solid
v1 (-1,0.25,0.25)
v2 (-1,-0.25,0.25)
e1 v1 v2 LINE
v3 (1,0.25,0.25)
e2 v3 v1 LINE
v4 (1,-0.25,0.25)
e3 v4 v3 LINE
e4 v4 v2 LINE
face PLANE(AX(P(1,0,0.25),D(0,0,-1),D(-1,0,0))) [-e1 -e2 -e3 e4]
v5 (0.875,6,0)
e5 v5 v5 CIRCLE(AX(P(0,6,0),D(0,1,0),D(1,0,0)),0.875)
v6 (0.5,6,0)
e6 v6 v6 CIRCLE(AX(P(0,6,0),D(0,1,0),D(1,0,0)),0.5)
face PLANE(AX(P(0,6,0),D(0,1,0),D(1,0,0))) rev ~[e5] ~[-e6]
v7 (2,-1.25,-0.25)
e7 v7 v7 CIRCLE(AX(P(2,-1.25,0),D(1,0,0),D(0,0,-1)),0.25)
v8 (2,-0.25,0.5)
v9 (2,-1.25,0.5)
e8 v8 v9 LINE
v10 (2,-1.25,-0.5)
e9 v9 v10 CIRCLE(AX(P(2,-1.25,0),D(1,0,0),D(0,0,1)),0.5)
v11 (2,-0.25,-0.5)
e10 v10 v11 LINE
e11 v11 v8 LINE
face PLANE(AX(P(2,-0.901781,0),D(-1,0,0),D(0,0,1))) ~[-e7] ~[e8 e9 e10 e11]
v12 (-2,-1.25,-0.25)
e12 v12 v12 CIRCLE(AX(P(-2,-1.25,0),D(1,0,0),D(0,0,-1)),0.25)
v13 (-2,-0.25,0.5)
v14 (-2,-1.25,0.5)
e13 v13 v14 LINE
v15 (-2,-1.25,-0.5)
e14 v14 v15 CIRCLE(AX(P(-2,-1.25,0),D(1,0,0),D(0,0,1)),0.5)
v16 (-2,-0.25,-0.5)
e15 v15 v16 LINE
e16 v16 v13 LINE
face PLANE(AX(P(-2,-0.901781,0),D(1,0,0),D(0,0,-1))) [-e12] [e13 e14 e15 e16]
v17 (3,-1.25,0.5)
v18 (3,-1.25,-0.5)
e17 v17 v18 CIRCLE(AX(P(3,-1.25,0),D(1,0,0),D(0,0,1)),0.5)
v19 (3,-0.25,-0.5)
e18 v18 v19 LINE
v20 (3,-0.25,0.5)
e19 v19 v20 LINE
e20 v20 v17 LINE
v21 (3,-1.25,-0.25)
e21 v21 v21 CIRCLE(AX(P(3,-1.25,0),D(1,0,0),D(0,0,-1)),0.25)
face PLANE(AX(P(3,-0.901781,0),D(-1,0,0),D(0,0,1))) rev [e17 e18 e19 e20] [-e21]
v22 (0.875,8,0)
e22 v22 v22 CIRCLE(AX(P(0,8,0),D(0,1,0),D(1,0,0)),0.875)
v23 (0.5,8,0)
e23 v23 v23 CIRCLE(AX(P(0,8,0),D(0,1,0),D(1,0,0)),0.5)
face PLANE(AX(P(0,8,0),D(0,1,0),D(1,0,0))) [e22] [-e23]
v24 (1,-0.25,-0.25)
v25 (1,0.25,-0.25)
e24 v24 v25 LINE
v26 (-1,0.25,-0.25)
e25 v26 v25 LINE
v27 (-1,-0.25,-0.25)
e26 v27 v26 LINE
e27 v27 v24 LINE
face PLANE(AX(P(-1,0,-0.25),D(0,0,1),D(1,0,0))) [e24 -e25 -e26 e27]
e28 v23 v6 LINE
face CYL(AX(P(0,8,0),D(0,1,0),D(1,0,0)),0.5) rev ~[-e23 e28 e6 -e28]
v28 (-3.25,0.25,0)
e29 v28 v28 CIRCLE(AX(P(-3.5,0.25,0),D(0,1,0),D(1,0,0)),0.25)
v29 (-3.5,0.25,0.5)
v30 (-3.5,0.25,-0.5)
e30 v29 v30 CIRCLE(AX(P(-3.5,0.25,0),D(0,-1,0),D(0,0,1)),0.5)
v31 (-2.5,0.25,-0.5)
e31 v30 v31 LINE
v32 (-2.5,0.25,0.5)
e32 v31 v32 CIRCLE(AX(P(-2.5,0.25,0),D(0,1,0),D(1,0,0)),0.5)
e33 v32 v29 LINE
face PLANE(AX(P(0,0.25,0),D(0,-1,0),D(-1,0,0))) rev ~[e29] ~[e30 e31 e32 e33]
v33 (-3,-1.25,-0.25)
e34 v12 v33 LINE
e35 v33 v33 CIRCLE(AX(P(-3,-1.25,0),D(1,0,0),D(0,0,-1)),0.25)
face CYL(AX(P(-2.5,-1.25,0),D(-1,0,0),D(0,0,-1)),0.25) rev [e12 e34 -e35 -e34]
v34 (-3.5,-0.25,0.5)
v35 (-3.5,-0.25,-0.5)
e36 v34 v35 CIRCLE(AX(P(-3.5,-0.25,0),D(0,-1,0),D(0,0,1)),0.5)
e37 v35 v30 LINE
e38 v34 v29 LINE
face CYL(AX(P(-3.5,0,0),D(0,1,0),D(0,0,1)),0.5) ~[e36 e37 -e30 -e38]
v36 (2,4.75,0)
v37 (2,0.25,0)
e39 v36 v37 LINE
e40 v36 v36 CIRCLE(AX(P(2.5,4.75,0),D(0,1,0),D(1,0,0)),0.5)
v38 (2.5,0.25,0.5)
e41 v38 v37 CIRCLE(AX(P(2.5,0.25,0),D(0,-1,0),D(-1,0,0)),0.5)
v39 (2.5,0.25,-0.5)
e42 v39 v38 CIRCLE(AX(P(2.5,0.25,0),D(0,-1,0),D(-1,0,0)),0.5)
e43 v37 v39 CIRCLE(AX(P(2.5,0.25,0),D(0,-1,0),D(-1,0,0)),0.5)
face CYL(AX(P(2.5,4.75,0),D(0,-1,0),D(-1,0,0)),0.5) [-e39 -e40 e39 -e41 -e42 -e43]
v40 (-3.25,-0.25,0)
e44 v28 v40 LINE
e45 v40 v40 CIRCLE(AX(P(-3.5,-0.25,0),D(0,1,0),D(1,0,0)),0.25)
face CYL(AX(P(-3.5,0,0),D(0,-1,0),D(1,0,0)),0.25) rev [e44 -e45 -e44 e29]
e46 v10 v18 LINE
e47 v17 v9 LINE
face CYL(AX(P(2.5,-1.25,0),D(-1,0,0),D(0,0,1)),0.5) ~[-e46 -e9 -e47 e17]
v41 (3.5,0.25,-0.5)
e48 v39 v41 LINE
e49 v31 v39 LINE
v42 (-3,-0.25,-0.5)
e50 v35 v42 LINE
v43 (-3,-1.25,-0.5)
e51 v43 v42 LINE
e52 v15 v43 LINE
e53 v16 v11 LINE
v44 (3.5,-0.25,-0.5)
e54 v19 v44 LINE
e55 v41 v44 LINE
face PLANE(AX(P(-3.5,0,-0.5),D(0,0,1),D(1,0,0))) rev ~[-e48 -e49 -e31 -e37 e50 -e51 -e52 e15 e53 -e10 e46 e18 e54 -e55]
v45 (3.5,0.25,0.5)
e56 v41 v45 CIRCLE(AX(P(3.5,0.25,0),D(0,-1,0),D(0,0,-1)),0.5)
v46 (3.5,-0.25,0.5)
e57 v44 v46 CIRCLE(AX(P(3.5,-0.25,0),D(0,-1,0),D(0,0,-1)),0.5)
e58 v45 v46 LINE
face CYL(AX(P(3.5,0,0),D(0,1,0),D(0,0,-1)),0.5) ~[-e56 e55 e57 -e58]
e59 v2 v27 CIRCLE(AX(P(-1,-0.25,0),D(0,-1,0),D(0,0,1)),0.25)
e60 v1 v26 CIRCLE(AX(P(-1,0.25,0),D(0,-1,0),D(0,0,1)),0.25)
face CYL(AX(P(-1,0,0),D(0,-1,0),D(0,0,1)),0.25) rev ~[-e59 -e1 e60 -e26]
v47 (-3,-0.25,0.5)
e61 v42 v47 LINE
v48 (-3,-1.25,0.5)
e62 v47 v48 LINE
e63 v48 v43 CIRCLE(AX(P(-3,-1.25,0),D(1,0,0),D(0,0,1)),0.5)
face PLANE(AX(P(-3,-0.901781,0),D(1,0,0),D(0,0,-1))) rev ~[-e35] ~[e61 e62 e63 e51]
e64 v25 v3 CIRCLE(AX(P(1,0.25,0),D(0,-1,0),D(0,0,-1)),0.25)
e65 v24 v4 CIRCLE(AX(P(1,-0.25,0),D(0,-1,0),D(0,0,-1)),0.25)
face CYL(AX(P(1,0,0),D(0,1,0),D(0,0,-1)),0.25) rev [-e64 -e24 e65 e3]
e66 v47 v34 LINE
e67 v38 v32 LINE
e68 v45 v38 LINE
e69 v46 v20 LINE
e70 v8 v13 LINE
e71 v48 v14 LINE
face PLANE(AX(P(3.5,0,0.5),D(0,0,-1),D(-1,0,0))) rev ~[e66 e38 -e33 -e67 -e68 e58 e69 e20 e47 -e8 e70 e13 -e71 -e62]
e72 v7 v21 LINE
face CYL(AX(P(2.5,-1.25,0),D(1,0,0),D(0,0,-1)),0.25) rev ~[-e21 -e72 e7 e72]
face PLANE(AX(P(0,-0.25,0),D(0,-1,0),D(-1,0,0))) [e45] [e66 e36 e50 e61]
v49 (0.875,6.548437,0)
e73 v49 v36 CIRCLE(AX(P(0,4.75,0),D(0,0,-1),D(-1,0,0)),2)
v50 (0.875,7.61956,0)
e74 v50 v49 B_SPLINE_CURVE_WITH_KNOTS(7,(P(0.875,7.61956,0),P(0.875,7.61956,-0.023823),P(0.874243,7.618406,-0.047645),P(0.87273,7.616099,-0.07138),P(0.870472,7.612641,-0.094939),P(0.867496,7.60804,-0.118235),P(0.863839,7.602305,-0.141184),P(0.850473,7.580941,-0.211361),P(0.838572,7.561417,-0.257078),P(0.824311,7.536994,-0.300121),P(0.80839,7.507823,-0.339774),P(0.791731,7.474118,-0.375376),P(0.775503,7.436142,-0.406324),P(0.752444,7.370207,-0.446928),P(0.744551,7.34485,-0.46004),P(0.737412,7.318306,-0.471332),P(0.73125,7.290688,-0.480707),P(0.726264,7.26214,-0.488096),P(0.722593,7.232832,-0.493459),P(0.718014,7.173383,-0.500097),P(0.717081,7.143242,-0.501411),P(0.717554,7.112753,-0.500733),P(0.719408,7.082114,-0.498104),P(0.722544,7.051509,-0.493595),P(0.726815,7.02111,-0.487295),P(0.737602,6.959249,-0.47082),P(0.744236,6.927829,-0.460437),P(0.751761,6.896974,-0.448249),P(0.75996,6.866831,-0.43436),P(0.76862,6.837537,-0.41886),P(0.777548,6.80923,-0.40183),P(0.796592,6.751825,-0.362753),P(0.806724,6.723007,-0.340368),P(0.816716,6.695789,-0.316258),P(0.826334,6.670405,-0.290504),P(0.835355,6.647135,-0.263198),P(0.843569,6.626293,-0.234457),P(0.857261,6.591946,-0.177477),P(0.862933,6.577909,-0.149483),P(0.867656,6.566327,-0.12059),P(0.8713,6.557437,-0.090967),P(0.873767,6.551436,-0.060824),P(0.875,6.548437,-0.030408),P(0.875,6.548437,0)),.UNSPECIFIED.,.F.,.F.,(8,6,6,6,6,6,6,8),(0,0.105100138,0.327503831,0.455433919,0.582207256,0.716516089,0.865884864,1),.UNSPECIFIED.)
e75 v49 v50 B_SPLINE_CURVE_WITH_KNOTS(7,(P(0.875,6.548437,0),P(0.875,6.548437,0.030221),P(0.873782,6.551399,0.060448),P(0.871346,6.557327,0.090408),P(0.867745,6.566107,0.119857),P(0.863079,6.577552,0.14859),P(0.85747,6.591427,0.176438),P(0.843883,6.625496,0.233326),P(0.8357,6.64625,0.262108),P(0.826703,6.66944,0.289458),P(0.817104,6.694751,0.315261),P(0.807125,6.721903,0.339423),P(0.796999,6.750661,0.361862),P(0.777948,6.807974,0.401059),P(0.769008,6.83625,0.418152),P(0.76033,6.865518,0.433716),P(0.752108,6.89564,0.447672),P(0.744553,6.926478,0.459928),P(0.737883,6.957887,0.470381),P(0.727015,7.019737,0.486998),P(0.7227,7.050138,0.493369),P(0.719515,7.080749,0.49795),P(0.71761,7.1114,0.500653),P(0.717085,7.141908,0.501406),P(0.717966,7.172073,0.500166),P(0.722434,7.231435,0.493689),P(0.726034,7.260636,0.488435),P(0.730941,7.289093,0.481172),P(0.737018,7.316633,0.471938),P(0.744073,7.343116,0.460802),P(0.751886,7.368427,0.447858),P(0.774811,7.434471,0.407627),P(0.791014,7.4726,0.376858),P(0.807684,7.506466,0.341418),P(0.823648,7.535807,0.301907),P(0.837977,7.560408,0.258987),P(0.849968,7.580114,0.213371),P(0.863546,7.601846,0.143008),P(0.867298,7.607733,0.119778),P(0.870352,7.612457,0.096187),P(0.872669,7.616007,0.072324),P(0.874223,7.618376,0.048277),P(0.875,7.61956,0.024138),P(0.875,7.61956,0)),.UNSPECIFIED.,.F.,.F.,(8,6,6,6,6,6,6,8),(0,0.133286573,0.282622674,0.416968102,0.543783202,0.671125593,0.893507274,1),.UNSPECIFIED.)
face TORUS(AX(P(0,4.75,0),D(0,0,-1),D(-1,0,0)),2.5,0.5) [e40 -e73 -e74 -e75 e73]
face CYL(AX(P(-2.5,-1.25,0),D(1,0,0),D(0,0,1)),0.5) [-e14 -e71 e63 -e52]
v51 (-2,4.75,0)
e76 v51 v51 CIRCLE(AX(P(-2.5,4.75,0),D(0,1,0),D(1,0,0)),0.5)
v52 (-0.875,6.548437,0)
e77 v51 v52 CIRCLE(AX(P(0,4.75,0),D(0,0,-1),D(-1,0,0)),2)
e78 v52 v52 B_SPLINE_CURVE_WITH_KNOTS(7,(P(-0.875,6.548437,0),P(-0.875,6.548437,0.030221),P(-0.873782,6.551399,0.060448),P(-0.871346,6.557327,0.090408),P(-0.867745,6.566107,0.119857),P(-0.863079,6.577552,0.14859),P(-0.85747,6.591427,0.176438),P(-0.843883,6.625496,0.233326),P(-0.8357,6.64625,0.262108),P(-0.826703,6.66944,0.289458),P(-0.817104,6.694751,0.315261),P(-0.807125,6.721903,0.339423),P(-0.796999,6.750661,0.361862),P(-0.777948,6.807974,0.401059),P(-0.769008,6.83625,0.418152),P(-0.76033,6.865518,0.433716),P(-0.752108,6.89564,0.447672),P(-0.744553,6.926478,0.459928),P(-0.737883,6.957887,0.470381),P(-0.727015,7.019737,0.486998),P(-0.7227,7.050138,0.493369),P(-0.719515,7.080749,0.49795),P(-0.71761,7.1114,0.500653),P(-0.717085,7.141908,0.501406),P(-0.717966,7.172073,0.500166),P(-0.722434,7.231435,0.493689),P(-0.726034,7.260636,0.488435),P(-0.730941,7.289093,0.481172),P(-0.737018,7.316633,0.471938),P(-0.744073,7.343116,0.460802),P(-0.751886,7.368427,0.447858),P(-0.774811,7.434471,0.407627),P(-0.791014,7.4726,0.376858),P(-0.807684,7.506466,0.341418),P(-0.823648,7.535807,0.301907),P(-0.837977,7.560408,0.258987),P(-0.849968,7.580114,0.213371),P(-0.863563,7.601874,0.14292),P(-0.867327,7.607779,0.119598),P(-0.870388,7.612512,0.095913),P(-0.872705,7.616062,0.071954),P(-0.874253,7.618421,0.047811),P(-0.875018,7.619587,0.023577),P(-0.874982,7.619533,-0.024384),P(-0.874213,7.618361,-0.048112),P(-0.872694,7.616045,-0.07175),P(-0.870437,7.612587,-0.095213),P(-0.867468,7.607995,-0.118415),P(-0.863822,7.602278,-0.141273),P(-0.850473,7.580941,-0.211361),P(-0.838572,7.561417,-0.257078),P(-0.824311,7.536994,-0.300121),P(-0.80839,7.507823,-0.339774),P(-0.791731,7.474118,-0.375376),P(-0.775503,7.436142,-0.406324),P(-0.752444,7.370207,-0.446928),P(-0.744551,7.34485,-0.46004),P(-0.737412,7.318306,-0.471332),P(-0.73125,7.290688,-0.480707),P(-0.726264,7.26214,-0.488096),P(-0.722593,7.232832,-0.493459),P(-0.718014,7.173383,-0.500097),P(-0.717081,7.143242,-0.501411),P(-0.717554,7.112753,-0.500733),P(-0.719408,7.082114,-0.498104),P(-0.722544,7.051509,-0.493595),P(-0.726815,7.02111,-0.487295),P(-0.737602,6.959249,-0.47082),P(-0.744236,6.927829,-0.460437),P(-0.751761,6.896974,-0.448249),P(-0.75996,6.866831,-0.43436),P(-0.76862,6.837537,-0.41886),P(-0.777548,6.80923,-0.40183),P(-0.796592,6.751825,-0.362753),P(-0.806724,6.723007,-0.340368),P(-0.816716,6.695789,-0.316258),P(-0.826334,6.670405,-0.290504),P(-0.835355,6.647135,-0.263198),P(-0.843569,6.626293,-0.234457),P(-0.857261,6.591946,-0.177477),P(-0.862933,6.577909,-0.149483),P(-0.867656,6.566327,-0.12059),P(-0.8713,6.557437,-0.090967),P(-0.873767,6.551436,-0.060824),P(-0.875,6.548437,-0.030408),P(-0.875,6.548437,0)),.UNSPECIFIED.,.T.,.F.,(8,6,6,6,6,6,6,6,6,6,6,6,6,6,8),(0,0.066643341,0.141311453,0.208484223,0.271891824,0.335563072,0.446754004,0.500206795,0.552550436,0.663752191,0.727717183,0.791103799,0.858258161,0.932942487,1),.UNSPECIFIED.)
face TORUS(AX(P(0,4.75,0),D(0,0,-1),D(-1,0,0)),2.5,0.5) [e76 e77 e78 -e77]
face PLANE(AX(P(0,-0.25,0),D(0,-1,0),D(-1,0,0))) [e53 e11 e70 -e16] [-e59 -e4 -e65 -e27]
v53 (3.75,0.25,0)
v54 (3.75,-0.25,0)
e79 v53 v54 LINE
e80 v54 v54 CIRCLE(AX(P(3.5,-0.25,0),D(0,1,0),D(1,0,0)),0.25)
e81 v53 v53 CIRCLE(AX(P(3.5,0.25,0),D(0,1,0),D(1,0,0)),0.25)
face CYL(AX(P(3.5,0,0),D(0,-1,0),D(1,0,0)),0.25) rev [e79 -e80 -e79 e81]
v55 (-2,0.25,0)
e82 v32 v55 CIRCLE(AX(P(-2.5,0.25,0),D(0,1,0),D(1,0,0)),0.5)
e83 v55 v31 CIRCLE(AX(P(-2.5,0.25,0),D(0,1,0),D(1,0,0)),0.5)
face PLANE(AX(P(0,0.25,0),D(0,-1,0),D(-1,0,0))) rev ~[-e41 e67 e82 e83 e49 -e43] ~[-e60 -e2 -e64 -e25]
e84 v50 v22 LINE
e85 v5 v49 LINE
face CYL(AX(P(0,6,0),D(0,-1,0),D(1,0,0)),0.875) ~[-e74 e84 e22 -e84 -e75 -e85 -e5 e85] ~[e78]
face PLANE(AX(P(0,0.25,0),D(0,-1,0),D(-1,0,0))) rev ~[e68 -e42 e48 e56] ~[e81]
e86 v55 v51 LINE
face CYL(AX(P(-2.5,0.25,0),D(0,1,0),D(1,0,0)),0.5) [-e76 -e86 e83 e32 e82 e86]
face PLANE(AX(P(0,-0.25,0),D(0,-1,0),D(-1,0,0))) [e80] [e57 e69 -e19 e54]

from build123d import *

# Parameters (mm, degrees)
ESBO_O1_R                = 0.25
RESSALTO_EXTRUS_O1_DEPTH = 0.25
ESBO_O2_R                = 0.5
ESBO_O5_R                = 0.25
RESSALTO_EXTRUS_O2_DEPTH = 0.5
ESBO_O6_R                = 0.875
RESSALTO_EXTRUS_O3_DEPTH = 2
ESBO_O7_R                = 0.5
CORTE_EXTRUS_O1_DEPTH    = 2


with BuildPart() as part:
    # Esboço1 → Ressalto-extrusão1 (new body, symmetric)
    with BuildSketch(Plane(origin=(0, 0, 0), x_dir=(1, 0, 0), z_dir=(0, 1, 0))):
        with BuildLine():
            Line((-3.5, 0.5), (3.5, 0.5))
            ThreePointArc((3.5, 0.5), (4, 0), (3.5, -0.5))
            Line((3.5, -0.5), (-3.5, -0.5))
            ThreePointArc((-3.5, -0.5), (-4, 0), (-3.5, 0.5))
        make_face()
        with Locations((3.5, 0)):
            Circle(ESBO_O1_R, mode=Mode.SUBTRACT)
        with Locations((-3.5, 0)):
            Circle(ESBO_O1_R, mode=Mode.SUBTRACT)
        with BuildLine():
            Line((-1, 0.25), (1, 0.25))
            ThreePointArc((1, 0.25), (1.25, 0), (1, -0.25))
            Line((1, -0.25), (-1, -0.25))
            ThreePointArc((-1, -0.25), (-1.25, 0), (-1, 0.25))
        make_face(mode=Mode.SUBTRACT)
    extrude(amount=RESSALTO_EXTRUS_O1_DEPTH, both=True)

    # Varredura1: sweep along a path in Esboço3
    with BuildLine(Plane.XY) as varredura1_path:
        Line((-2.5, 0.25), (-2.5, 4.75))
        ThreePointArc((-2.5, 4.75), (0, 7.25), (2.5, 4.75))
        Line((2.5, 4.75), (2.5, 0.25))
    # Esboço2 → Varredura1 (sweep)
    with BuildSketch(Plane(origin=(0, 0.25, 0), x_dir=(1, 0, 0), z_dir=(0, 1, 0))):
        with Locations((-2.5, 0)):
            Circle(ESBO_O2_R)
    sweep(path=varredura1_path.line)

    # Esboço5 → Ressalto-extrusão2 (add, symmetric)
    with BuildSketch(Plane(origin=(-2.5, 0, 0), x_dir=(0, 0, -1), z_dir=(1, 0, 0))):
        with BuildLine():
            Line((0.5, -0.25), (-0.5, -0.25))
            Line((-0.5, -0.25), (-0.5, -1.25))
            ThreePointArc((-0.5, -1.25), (0, -1.75), (0.5, -1.25))
            Line((0.5, -1.25), (0.5, -0.25))
        make_face()
        with Locations((0, -1.25)):
            Circle(ESBO_O5_R, mode=Mode.SUBTRACT)
    ressalto_extrus_o2 = extrude(amount=RESSALTO_EXTRUS_O2_DEPTH, both=True)

    # Espelhar1: Ressalto-extrusão2 across plane
    add(ressalto_extrus_o2.mirror(Plane(origin=(0, 0, 0), x_dir=(0, 0, 1), z_dir=(1, 0, 0))))

    # Esboço6 → Ressalto-extrusão3 (add)
    with BuildSketch(Plane(origin=(0, 6, 0), x_dir=(1, 0, 0), z_dir=(0, 1, 0))):
        Circle(ESBO_O6_R)
    extrude(amount=RESSALTO_EXTRUS_O3_DEPTH)

    # Esboço7 → Corte-extrusão1 (cut)
    with BuildSketch(Plane(origin=(0, 8, 0), x_dir=(1, 0, 0), z_dir=(0, 1, 0))):
        Circle(ESBO_O7_R)
    extrude(amount=-CORTE_EXTRUS_O1_DEPTH, mode=Mode.SUBTRACT)


solid = part.part
